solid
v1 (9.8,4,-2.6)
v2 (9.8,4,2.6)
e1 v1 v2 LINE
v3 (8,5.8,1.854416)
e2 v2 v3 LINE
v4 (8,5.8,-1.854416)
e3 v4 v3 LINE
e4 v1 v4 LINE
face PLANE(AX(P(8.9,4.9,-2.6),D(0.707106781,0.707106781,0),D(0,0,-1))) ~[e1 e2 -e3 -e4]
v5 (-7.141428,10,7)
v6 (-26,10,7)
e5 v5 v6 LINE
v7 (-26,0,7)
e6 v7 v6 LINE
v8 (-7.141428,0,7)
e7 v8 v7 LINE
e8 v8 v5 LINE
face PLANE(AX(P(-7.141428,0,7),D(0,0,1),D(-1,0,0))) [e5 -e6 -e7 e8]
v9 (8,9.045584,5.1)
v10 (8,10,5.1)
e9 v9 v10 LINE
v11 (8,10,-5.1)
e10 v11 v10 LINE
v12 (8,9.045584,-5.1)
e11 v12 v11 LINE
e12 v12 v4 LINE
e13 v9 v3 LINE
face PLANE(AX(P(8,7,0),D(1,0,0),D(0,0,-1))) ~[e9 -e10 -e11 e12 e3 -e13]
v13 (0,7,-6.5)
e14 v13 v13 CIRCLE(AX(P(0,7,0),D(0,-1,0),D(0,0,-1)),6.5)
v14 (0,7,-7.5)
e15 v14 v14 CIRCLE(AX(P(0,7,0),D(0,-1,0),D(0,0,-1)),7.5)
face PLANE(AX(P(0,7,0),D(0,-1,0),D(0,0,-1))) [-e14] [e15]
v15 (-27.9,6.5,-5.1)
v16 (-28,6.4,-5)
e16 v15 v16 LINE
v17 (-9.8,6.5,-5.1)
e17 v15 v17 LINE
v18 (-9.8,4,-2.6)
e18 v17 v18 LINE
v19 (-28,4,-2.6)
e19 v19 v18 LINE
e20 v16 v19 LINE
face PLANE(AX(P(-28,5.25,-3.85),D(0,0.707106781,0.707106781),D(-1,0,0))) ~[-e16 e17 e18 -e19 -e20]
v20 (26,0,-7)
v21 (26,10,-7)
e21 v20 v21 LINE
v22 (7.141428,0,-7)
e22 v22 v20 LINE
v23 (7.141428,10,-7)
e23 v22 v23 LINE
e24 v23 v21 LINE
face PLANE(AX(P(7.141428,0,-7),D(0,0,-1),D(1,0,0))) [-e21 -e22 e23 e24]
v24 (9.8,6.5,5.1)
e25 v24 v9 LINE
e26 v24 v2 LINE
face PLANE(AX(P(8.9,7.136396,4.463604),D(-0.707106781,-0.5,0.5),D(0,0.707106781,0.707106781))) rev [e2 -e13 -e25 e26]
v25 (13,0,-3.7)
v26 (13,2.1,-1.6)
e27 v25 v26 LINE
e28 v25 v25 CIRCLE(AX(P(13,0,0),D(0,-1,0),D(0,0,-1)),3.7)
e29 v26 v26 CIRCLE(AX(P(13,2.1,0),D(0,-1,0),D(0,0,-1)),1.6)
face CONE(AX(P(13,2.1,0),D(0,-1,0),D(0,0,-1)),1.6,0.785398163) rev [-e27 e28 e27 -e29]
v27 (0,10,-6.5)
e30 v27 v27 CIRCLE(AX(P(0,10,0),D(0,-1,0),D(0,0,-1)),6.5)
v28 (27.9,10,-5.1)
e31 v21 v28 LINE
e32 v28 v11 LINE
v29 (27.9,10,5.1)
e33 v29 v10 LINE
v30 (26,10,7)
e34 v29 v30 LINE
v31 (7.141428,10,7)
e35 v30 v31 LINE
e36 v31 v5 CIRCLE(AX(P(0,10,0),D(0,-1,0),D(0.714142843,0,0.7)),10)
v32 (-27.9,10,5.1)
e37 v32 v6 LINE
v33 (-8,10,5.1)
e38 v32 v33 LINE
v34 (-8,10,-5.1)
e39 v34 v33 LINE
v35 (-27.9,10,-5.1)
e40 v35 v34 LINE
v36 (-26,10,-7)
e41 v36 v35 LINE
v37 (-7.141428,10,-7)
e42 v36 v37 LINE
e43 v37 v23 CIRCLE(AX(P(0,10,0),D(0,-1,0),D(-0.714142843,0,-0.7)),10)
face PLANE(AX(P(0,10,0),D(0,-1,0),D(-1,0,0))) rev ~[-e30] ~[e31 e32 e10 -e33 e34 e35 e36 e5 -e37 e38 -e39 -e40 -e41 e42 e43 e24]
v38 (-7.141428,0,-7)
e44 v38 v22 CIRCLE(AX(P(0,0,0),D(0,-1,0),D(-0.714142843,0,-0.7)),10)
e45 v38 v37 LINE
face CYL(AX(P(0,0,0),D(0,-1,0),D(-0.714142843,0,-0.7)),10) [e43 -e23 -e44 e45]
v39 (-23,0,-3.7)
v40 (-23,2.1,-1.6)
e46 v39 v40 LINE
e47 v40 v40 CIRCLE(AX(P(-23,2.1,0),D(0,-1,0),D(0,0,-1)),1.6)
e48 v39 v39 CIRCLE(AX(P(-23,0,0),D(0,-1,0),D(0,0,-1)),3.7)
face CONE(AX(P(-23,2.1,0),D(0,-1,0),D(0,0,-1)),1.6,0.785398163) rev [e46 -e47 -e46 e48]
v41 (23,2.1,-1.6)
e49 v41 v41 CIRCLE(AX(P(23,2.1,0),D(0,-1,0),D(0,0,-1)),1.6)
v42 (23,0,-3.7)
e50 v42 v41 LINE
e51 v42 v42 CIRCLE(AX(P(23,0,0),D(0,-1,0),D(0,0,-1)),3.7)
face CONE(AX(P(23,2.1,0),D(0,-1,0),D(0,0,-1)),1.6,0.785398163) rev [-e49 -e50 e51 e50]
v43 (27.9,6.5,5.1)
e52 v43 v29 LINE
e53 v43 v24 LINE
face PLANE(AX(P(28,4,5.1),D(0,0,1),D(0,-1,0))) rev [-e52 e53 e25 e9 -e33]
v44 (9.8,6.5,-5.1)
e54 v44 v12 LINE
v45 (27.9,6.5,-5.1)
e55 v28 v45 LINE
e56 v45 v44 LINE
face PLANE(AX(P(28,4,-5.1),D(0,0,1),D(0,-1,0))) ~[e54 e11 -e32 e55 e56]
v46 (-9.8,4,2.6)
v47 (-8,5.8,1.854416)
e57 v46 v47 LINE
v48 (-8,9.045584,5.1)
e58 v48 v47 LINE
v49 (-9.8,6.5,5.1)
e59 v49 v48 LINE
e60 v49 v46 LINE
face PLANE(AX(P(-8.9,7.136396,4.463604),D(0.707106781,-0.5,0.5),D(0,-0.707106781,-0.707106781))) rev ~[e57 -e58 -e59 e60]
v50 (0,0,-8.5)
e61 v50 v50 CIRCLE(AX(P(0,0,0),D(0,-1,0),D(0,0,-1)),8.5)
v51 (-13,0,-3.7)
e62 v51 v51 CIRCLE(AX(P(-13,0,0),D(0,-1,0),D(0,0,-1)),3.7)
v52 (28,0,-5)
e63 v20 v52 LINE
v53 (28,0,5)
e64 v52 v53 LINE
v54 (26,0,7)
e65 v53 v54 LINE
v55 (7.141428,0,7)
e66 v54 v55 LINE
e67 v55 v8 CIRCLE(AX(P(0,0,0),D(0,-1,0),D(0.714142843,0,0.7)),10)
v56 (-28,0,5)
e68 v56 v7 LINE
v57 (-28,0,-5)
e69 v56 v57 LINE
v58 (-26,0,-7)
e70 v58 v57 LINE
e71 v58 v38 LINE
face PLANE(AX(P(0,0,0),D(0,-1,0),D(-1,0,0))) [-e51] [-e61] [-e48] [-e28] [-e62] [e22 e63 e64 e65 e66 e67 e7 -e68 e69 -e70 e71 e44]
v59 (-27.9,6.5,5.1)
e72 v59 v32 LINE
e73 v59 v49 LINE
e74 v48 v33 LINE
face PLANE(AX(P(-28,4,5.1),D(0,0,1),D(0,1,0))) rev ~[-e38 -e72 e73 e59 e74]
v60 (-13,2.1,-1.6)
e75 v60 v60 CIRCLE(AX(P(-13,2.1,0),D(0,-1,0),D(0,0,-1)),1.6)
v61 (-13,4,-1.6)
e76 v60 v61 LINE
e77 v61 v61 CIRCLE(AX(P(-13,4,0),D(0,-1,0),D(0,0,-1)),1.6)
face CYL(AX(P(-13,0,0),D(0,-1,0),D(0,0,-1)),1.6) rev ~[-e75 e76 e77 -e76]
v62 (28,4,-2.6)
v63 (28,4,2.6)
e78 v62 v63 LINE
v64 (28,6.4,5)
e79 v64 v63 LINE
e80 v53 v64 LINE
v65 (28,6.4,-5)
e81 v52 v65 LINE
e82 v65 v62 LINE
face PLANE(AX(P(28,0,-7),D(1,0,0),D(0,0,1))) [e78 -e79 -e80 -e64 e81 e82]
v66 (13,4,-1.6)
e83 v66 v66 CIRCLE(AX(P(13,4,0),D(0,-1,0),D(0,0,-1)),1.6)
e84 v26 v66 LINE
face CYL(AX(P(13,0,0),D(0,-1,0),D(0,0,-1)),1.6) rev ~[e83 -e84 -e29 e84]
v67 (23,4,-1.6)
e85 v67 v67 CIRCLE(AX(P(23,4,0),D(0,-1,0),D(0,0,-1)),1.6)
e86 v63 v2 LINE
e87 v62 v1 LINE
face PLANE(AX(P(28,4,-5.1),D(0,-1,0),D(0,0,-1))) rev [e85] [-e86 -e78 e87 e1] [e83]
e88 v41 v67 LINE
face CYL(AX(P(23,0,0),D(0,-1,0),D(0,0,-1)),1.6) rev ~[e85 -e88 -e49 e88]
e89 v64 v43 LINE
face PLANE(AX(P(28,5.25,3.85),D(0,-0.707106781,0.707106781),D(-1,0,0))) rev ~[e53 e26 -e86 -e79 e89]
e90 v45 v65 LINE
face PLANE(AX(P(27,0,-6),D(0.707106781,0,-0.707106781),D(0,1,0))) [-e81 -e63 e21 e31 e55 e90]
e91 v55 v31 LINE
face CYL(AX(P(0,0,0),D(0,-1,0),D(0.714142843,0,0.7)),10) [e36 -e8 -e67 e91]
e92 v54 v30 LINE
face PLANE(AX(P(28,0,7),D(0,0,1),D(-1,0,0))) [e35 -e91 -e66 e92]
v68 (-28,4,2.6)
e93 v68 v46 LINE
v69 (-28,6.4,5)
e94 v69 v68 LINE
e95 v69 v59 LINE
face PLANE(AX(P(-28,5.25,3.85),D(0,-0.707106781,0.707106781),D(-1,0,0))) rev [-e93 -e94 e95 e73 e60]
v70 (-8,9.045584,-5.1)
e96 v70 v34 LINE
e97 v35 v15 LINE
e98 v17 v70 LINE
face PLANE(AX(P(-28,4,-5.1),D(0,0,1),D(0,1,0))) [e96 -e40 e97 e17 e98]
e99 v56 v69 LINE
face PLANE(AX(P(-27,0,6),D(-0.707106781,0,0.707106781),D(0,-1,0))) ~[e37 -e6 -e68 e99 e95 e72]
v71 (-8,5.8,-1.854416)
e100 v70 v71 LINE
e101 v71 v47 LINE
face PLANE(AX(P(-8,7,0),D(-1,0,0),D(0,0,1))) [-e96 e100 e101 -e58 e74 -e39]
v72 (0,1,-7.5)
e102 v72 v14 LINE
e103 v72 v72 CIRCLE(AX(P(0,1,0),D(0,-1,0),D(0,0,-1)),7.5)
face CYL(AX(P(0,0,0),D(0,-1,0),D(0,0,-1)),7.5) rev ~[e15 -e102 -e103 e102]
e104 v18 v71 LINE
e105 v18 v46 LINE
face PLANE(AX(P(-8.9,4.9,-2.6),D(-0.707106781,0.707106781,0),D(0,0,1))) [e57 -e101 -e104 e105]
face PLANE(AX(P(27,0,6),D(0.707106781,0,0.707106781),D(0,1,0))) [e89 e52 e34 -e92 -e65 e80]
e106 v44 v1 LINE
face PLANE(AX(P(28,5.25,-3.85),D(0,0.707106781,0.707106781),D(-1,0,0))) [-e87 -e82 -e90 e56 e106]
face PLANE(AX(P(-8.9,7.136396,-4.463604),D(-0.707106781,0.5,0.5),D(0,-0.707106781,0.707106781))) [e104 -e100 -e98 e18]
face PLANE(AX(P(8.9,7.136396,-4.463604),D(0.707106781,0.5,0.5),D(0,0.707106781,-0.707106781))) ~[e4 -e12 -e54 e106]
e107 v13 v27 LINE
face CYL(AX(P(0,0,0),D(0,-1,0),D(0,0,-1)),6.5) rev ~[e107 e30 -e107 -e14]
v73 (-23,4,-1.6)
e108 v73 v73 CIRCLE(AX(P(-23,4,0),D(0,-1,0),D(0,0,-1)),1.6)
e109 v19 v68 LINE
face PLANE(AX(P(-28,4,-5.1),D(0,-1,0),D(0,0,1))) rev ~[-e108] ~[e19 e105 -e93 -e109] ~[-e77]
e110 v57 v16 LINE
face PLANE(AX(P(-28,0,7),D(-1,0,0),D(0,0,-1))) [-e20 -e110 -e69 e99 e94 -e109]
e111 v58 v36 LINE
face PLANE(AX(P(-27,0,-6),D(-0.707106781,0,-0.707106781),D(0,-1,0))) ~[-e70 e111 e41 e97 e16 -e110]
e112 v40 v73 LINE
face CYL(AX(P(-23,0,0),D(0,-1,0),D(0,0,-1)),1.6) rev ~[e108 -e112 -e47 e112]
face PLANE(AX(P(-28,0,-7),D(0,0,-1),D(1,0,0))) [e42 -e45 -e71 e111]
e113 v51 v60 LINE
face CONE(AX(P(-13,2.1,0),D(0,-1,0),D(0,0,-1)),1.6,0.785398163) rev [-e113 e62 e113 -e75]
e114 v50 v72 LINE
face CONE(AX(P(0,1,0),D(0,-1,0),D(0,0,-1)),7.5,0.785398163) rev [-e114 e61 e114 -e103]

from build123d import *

# Parameters (mm, degrees)
BOSS_EXTRU_1_DEPTH           = 10
ESQUISSE2_W                  = 10.2
ESQUISSE2_H                  = 6
ENL_V_MAT_EXTRU_1_DEPTH      = 20
CHANFREIN1_SIZE              = 2.5
CHANFREIN2_SIZE              = 1.8
CHANFREIN1_OF_SYM_TRIE1_SIZE = 2.5
CHANFREIN2_OF_SYM_TRIE1_SIZE = 1.8
ESQUISSE3_R                  = 6.5
ENL_V_MAT_EXTRU_2_DEPTH      = 32.368774283
ESQUISSE4_R                  = 7.5
ENL_V_MAT_EXTRU_3_DEPTH      = 7
CHANFREIN3_SIZE              = 1
ESQUISSE5_R                  = 1.6
ENL_V_MAT_EXTRU_4_DEPTH      = 7
CHANFREIN4_SIZE              = 2.1
CHANFREIN5_SIZE              = 2


with BuildPart() as part:
    # Esquisse1 → Boss.-Extru.1 (new body)
    with BuildSketch(Plane(origin=(0, 0, 0), x_dir=(1, 0, 0), z_dir=(0, 1, 0))):
        with BuildLine():
            Line((7.141428429, 7), (28, 7))
            Line((28, 7), (28, -7))
            Line((28, -7), (7.141428429, -7))
            ThreePointArc((7.141428429, -7), (0, -10), (-7.141428429, -7))
            Line((-7.141428429, -7), (-28, -7))
            Line((-28, -7), (-28, 7))
            Line((-28, 7), (-7.141428429, 7))
            ThreePointArc((-7.141428429, 7), (0, 10), (7.141428429, 7))
        make_face()
    extrude(amount=BOSS_EXTRU_1_DEPTH)

    # Esquisse2 → Enlèv. mat.-Extru.1 (cut)
    with BuildSketch(Plane.ZY.offset(28)):
        with Locations((0, 7)):
            Rectangle(ESQUISSE2_W, ESQUISSE2_H)
    enl_v_mat_extru_1 = extrude(amount=-ENL_V_MAT_EXTRU_1_DEPTH, mode=Mode.SUBTRACT)

    # Chanfrein1
    chanfrein1_edges = [part.edges().sort_by_distance(p)[0] for p in [
        (-18, 4, -5.1),
        (-18, 4, 5.1),
    ]]
    chamfer(chanfrein1_edges, length=CHANFREIN1_SIZE)

    # Chanfrein2
    chanfrein2_edges = [part.edges().sort_by_distance(p)[0] for p in [
        (-8, 4, 0),
        (-8, 5.25, -3.85),
        (-8, 5.25, 3.85),
    ]]
    chamfer(chanfrein2_edges, length=CHANFREIN2_SIZE)

    # Symétrie1: Enlèv. mat.-Extru.1 across plane
    add(enl_v_mat_extru_1.mirror(Plane(origin=(0, 0, 0), x_dir=(0, 0, 1), z_dir=(1, 0, 0))), mode=Mode.SUBTRACT)

    # Chanfrein1 of Symétrie1
    chanfrein1_of_sym_trie1_edges = [part.edges().sort_by_distance(p)[0] for p in [
        (18, 4, -5.1),
        (18, 4, 5.1),
    ]]
    chamfer(chanfrein1_of_sym_trie1_edges, length=CHANFREIN1_OF_SYM_TRIE1_SIZE)

    # Chanfrein2 of Symétrie1
    chanfrein2_of_sym_trie1_edges = [part.edges().sort_by_distance(p)[0] for p in [
        (8, 4, 0),
        (8, 5.25, -3.85),
        (8, 5.25, 3.85),
    ]]
    chamfer(chanfrein2_of_sym_trie1_edges, length=CHANFREIN2_OF_SYM_TRIE1_SIZE)

    # Esquisse3 → Enlèv. mat.-Extru.2 (cut, through all)
    with BuildSketch(Plane.XZ):
        with Locations(Location((0, 0, 0), (0, 0, 270))):
            Circle(ESQUISSE3_R)
    extrude(amount=-ENL_V_MAT_EXTRU_2_DEPTH, mode=Mode.SUBTRACT)

    # Esquisse4 → Enlèv. mat.-Extru.3 (cut)
    with BuildSketch(Plane.XZ):
        with Locations(Location((0, 0, 0), (0, 0, 270))):
            Circle(ESQUISSE4_R)
    extrude(amount=-ENL_V_MAT_EXTRU_3_DEPTH, mode=Mode.SUBTRACT)

    # Chanfrein3
    chanfrein3_edges = [part.edges().sort_by_distance(p)[0] for p in [
        (0, 0, 7.5),
    ]]
    chamfer(chanfrein3_edges, length=CHANFREIN3_SIZE)

    # Esquisse5 → Enlèv. mat.-Extru.4 (cut)
    with BuildSketch(Plane.XZ):
        with Locations(Location((-23, 0, 0), (0, 0, 270))):
            Circle(ESQUISSE5_R)
        with Locations(Location((-13, 0, 0), (0, 0, 270))):
            Circle(ESQUISSE5_R)
        with Locations(Location((13, 0, 0), (0, 0, 270))):
            Circle(ESQUISSE5_R)
        with Locations(Location((23, 0, 0), (0, 0, 270))):
            Circle(ESQUISSE5_R)
    extrude(amount=-ENL_V_MAT_EXTRU_4_DEPTH, mode=Mode.SUBTRACT)

    # Chanfrein4
    chanfrein4_edges = [part.edges().sort_by_distance(p)[0] for p in [
        (-23, 0, 1.6),
        (-13, 0, 1.6),
        (13, 0, 1.6),
        (23, 0, 1.6),
    ]]
    chamfer(chanfrein4_edges, length=CHANFREIN4_SIZE)

    # Chanfrein5
    chanfrein5_edges = [part.edges().sort_by_distance(p)[0] for p in [
        (28, 5, -7),
        (28, 5, 7),
        (-28, 5, -7),
        (-28, 5, 7),
    ]]
    chamfer(chanfrein5_edges, length=CHANFREIN5_SIZE)


solid = part.part
